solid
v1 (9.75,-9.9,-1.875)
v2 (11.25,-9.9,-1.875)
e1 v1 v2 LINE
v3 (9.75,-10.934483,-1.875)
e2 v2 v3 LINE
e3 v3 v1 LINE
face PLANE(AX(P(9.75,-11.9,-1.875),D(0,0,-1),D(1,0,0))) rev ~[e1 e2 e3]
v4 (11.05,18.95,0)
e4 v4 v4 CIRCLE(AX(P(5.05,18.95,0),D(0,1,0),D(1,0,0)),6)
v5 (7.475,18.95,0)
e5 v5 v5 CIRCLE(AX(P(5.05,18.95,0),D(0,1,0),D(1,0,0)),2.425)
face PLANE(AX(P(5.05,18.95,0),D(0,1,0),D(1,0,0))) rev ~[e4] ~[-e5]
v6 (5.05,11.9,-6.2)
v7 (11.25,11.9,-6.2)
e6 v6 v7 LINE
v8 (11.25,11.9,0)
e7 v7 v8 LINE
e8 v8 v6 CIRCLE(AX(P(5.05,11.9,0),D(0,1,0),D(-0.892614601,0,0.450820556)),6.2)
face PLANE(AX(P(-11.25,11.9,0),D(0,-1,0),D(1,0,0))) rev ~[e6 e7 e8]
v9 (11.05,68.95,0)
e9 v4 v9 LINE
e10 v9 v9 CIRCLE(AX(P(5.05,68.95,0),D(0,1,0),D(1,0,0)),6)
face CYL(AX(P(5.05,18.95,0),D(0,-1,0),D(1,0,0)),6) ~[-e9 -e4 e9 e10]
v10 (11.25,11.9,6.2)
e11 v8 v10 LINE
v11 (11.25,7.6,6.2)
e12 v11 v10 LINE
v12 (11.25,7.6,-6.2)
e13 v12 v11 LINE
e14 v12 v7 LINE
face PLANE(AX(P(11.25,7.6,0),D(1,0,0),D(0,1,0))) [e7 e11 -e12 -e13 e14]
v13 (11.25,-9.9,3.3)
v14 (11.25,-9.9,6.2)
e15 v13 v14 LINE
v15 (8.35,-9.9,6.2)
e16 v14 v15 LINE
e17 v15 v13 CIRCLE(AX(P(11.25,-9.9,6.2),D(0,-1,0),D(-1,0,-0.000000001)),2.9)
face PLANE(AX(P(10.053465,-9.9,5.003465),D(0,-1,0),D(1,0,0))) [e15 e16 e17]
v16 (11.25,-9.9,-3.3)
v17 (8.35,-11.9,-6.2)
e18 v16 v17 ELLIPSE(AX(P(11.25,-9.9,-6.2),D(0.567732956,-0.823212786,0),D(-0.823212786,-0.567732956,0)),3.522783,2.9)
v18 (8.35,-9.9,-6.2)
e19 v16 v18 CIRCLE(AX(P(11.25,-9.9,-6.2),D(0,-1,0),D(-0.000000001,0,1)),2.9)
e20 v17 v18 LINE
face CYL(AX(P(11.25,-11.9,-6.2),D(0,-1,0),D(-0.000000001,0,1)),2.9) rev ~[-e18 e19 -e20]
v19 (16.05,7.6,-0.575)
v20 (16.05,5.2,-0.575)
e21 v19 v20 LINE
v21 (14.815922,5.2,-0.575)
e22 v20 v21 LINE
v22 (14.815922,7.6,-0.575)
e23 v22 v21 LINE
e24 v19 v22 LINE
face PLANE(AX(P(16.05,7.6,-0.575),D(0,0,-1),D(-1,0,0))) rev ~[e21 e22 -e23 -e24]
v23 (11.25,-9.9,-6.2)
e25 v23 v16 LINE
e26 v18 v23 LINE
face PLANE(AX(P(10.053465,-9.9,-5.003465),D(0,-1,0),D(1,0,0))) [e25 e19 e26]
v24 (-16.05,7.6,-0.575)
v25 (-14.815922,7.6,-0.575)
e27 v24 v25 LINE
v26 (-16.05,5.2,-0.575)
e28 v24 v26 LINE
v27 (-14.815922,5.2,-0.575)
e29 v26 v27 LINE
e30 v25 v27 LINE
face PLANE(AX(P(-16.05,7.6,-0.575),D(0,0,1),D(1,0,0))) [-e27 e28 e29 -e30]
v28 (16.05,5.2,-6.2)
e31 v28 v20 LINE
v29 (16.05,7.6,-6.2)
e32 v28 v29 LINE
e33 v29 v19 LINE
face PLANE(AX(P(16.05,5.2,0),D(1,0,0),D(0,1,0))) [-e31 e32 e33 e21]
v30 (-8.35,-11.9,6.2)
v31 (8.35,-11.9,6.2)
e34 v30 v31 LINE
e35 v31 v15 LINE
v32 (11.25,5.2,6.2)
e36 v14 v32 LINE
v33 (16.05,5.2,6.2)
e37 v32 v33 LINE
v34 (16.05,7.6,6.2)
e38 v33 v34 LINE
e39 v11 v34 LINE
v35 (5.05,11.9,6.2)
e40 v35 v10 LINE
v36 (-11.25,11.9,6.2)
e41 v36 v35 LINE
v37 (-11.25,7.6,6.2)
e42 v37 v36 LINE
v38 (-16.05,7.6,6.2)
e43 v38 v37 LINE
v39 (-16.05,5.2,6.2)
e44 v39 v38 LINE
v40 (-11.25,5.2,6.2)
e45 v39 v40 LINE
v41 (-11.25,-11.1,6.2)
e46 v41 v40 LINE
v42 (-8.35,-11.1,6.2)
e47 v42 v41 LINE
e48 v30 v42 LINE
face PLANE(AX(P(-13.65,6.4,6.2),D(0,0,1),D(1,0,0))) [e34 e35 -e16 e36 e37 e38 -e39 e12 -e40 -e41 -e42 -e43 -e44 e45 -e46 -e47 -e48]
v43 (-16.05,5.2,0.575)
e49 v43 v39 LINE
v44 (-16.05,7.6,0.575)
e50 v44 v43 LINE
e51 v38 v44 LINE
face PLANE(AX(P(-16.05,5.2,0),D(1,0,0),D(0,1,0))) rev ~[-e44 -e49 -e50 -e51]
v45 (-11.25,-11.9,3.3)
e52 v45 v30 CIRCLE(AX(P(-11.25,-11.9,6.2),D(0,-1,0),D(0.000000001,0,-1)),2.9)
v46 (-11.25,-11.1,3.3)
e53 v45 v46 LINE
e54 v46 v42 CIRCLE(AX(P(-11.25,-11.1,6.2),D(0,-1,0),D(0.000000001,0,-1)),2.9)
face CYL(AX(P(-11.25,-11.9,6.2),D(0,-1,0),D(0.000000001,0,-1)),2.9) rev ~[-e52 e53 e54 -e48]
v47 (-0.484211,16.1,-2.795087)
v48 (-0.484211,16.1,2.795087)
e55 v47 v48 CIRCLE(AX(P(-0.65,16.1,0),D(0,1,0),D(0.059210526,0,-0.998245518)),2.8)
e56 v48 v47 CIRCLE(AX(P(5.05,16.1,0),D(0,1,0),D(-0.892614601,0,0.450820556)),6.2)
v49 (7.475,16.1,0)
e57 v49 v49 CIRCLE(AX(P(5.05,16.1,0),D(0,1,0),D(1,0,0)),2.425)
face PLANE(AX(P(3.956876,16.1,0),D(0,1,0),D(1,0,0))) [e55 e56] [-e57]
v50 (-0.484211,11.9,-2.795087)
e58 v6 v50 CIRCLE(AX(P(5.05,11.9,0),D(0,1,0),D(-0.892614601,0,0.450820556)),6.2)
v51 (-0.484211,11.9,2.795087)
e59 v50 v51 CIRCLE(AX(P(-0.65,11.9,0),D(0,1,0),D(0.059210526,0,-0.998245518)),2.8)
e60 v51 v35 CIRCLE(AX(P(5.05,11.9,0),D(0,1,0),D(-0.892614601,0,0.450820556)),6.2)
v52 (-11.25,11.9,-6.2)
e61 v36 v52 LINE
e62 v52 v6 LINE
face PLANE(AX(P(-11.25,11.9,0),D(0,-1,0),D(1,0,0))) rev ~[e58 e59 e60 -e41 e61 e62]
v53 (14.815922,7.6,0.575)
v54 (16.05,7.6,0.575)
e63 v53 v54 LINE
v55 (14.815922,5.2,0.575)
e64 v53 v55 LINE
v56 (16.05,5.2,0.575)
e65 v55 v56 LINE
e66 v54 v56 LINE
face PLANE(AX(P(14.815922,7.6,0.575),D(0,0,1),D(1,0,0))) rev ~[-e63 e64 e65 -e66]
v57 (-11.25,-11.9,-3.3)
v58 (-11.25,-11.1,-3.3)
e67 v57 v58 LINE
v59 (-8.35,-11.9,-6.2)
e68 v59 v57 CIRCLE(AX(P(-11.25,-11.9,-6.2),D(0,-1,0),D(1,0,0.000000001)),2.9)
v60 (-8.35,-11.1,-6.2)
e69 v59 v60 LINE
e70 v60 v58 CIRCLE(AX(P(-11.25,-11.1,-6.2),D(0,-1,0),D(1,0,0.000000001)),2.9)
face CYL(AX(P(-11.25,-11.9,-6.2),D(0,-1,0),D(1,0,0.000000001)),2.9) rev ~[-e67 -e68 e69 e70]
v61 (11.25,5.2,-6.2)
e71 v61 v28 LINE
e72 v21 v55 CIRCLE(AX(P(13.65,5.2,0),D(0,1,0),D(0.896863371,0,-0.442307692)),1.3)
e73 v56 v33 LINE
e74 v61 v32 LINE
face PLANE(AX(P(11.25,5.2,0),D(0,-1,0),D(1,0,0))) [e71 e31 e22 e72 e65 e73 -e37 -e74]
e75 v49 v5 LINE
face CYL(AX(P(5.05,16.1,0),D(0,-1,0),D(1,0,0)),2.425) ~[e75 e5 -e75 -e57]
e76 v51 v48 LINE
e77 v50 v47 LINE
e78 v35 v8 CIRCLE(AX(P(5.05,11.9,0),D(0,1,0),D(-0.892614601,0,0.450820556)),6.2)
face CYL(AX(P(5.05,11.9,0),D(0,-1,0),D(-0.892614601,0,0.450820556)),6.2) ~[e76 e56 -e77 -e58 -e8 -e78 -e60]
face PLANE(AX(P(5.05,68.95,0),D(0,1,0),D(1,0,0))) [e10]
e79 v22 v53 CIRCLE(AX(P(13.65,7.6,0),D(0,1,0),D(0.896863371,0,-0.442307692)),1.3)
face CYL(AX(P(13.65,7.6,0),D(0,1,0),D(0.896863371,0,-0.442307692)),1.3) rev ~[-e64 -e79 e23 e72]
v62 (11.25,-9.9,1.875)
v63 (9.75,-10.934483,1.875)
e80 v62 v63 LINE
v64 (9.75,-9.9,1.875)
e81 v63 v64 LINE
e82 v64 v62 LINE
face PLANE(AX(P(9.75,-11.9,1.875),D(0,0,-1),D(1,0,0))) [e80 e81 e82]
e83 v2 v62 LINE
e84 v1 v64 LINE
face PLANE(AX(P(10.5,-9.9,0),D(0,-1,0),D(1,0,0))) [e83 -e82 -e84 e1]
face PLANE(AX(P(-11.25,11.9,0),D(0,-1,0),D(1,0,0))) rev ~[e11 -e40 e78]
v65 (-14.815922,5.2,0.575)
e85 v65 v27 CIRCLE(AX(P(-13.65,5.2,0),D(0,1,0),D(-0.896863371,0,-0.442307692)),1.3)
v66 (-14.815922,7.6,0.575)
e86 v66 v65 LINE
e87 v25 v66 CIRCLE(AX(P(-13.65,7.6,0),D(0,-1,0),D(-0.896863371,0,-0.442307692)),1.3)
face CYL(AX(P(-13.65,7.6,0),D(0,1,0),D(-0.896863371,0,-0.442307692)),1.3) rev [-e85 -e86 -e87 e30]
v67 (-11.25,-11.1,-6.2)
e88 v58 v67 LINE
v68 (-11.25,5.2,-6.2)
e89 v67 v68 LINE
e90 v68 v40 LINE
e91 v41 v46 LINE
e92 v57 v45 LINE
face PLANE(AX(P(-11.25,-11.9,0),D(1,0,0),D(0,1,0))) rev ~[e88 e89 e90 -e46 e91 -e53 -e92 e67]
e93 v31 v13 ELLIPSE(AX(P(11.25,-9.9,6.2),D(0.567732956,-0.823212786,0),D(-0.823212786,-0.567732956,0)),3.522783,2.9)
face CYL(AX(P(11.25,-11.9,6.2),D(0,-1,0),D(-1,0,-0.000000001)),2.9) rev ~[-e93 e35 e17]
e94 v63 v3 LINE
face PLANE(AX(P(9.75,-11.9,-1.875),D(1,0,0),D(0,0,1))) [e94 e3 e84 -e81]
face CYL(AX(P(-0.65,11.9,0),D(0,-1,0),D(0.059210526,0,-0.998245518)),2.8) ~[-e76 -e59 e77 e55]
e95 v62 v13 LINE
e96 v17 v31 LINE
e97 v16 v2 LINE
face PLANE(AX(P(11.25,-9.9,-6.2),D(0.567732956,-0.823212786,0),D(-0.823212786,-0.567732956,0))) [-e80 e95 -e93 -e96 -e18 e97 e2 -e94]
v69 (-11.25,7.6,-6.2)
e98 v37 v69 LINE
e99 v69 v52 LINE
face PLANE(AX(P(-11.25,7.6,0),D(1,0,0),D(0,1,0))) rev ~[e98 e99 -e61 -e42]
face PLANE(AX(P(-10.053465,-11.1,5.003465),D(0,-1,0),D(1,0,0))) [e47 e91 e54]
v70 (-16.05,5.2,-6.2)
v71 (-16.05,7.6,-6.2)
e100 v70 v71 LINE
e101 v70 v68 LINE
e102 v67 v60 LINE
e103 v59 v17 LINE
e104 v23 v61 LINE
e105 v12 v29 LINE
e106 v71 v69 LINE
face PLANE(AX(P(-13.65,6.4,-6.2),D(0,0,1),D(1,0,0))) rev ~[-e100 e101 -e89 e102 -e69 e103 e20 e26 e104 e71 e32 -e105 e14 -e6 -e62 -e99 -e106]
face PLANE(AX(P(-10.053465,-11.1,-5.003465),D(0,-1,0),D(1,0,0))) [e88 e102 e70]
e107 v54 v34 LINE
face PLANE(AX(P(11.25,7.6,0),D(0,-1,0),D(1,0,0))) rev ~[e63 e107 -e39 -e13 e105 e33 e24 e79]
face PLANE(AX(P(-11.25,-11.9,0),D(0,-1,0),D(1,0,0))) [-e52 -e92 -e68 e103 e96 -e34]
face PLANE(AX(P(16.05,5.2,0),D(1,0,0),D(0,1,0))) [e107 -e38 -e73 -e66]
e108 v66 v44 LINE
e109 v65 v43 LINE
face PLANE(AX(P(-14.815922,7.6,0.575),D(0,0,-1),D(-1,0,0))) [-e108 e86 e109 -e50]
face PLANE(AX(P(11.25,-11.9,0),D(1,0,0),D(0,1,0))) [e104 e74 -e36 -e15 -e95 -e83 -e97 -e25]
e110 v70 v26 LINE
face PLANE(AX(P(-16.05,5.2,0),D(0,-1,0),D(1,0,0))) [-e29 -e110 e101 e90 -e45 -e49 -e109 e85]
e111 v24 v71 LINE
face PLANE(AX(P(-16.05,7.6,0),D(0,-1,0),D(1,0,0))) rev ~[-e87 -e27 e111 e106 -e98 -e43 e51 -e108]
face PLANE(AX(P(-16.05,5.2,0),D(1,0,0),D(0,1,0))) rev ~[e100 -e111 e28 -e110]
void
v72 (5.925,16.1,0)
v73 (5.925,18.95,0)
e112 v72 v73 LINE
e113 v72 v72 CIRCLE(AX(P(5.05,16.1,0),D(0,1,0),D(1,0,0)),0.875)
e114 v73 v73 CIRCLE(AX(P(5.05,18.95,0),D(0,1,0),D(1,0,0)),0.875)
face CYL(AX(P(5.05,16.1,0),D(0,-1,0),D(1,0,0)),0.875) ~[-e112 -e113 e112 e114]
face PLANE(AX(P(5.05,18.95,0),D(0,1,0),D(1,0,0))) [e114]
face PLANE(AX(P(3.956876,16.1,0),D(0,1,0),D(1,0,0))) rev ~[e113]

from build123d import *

# Parameters (mm, degrees)
SALIENTE_EXTRUIR1_DEPTH = 6.2
SALIENTE_EXTRUIR2_DEPTH = 4.2
CORTAR_EXTRUIR1_REACH   = 28.006
CORTAR_EXTRUIR3_DEPTH   = 0.8
CROQUIS4_5_W            = 1.5
CROQUIS4_5_H            = 3.75
CORTAR_EXTRUIR4_DEPTH   = 2
CORTAR_EXTRUIR5_DEPTH   = 26.895414652
CROQUIS7_R              = 2.425
CROQUIS7_R_2            = 0.875
SALIENTE_EXTRUIR4_DEPTH = 2.85
SKETCH1_R               = 6
BOSS_EXTRUDE1_DEPTH     = 50


with BuildPart() as part:
    # Croquis1 → Saliente-Extruir1 (new, symmetric)
    with BuildSketch(Plane.XY):
        Polygon((-11.25, 5.2), (-11.25, -11.9), (11.25, -11.9), (11.25, 5.2), (16.05, 5.2), (16.05, 7.6), (11.25, 7.6), (11.25, 11.9), (-11.25, 11.9), (-11.25, 7.6), (-16.05, 7.6), (-16.05, 5.2), align=None)
    extrude(amount=SALIENTE_EXTRUIR1_DEPTH, both=True)

    # Croquis2 → Saliente-Extruir2 (add)
    with BuildSketch(Plane(origin=(0, 11.9, 0), x_dir=(1, 0, 0), z_dir=(0, 1, 0))):
        with BuildLine():
            ThreePointArc((-0.484210526, -2.79508745), (11.25, 0), (-0.484210526, 2.79508745))
            ThreePointArc((-0.484210526, 2.79508745), (-3.45, 0), (-0.484210526, -2.79508745))
        make_face()
    extrude(amount=SALIENTE_EXTRUIR2_DEPTH)

    # Croquis3 → Cortar-Extruir1 (cut, up to next)
    with BuildSketch(Plane(origin=(0, 7.6, 0), x_dir=(1, 0, 0), z_dir=(0, 1, 0)), mode=Mode.PRIVATE) as cortar_extruir1_sk1:
        with BuildLine():
            Line((16.05, 0.575), (14.815922382, 0.575))
            ThreePointArc((14.815922382, 0.575), (12.35, 0), (14.815922382, -0.575))
            Line((14.815922382, -0.575), (16.05, -0.575))
            Line((16.05, -0.575), (16.05, 0.575))
        make_face()
    cortar_extruir1_tool1 = extrude(cortar_extruir1_sk1.sketch, amount=-CORTAR_EXTRUIR1_REACH, mode=Mode.PRIVATE) & part.part
    # Croquis3 → Cortar-Extruir1 (cut, up to next)
    with BuildSketch(Plane(origin=(0, 7.6, 0), x_dir=(1, 0, 0), z_dir=(0, 1, 0)), mode=Mode.PRIVATE) as cortar_extruir1_sk2:
        with BuildLine():
            Line((-16.05, 0.575), (-14.815922382, 0.575))
            ThreePointArc((-14.815922382, 0.575), (-12.35, 0), (-14.815922382, -0.575))
            Line((-14.815922382, -0.575), (-16.05, -0.575))
            Line((-16.05, -0.575), (-16.05, 0.575))
        make_face()
    cortar_extruir1_tool2 = extrude(cortar_extruir1_sk2.sketch, amount=-CORTAR_EXTRUIR1_REACH, mode=Mode.PRIVATE) & part.part
    add(cortar_extruir1_tool1.solids().sort_by_distance((14.012834, 7.6, 0))[0], mode=Mode.SUBTRACT)
    add(cortar_extruir1_tool2.solids().sort_by_distance((-14.012834, 7.6, 0))[0], mode=Mode.SUBTRACT)

    # Croquis4 → Cortar-Extruir3 (cut)
    with BuildSketch(Plane.XZ.offset(11.9)):
        with BuildLine():
            Line((-11.25, 6.2), (-11.25, 3.3))
            ThreePointArc((-11.25, 3.3), (-9.199390335, 4.149390335), (-8.35, 6.2))
            Line((-8.35, 6.2), (-11.25, 6.2))
        make_face()
        with BuildLine():
            ThreePointArc((-8.35, -6.2), (-9.199390335, -4.149390335), (-11.25, -3.3))
            Line((-11.25, -3.3), (-11.25, -6.2))
            Line((-11.25, -6.2), (-8.35, -6.2))
        make_face()
    extrude(amount=-CORTAR_EXTRUIR3_DEPTH, mode=Mode.SUBTRACT)

    # Croquis4<5> → Cortar-Extruir4 (cut)
    with BuildSketch(Plane.XZ.offset(11.9)):
        with BuildLine():
            Line((11.25, 6.2), (8.35, 6.2))
            ThreePointArc((8.35, 6.2), (9.199390335, 4.149390335), (11.25, 3.3))
            Line((11.25, 3.3), (11.25, 6.2))
        make_face()
        with BuildLine():
            ThreePointArc((11.25, -3.3), (9.199390335, -4.149390335), (8.35, -6.2))
            Line((8.35, -6.2), (11.25, -6.2))
            Line((11.25, -6.2), (11.25, -3.3))
        make_face()
        with Locations((10.5, 0)):
            Rectangle(CROQUIS4_5_W, CROQUIS4_5_H)
    extrude(amount=-CORTAR_EXTRUIR4_DEPTH, mode=Mode.SUBTRACT)

    # Croquis6 → Cortar-Extruir5 (cut, through all)
    with BuildSketch(Plane(origin=(0, 0, -6.2), x_dir=(-1, 0, 0), z_dir=(0, 0, -1))):
        Polygon((-11.25, -9.9), (-8.35, -11.9), (-11.25, -11.9), align=None)
    extrude(amount=-CORTAR_EXTRUIR5_DEPTH, mode=Mode.SUBTRACT)

    # Croquis7 → Saliente-Extruir4 (add)
    with BuildSketch(Plane(origin=(0, 16.1, 0), x_dir=(1, 0, 0), z_dir=(0, 1, 0))):
        with Locations((5.05, 0)):
            Circle(CROQUIS7_R)
        with Locations((5.05, 0)):
            Circle(CROQUIS7_R_2, mode=Mode.SUBTRACT)
    extrude(amount=SALIENTE_EXTRUIR4_DEPTH)

    # Sketch1 → Boss-Extrude1 (add)
    with BuildSketch(Plane(origin=(0, 18.95, 0), x_dir=(1, 0, 0), z_dir=(0, 1, 0))):
        with Locations((5.05, 0)):
            Circle(SKETCH1_R)
    extrude(amount=BOSS_EXTRUDE1_DEPTH)


solid = part.part
